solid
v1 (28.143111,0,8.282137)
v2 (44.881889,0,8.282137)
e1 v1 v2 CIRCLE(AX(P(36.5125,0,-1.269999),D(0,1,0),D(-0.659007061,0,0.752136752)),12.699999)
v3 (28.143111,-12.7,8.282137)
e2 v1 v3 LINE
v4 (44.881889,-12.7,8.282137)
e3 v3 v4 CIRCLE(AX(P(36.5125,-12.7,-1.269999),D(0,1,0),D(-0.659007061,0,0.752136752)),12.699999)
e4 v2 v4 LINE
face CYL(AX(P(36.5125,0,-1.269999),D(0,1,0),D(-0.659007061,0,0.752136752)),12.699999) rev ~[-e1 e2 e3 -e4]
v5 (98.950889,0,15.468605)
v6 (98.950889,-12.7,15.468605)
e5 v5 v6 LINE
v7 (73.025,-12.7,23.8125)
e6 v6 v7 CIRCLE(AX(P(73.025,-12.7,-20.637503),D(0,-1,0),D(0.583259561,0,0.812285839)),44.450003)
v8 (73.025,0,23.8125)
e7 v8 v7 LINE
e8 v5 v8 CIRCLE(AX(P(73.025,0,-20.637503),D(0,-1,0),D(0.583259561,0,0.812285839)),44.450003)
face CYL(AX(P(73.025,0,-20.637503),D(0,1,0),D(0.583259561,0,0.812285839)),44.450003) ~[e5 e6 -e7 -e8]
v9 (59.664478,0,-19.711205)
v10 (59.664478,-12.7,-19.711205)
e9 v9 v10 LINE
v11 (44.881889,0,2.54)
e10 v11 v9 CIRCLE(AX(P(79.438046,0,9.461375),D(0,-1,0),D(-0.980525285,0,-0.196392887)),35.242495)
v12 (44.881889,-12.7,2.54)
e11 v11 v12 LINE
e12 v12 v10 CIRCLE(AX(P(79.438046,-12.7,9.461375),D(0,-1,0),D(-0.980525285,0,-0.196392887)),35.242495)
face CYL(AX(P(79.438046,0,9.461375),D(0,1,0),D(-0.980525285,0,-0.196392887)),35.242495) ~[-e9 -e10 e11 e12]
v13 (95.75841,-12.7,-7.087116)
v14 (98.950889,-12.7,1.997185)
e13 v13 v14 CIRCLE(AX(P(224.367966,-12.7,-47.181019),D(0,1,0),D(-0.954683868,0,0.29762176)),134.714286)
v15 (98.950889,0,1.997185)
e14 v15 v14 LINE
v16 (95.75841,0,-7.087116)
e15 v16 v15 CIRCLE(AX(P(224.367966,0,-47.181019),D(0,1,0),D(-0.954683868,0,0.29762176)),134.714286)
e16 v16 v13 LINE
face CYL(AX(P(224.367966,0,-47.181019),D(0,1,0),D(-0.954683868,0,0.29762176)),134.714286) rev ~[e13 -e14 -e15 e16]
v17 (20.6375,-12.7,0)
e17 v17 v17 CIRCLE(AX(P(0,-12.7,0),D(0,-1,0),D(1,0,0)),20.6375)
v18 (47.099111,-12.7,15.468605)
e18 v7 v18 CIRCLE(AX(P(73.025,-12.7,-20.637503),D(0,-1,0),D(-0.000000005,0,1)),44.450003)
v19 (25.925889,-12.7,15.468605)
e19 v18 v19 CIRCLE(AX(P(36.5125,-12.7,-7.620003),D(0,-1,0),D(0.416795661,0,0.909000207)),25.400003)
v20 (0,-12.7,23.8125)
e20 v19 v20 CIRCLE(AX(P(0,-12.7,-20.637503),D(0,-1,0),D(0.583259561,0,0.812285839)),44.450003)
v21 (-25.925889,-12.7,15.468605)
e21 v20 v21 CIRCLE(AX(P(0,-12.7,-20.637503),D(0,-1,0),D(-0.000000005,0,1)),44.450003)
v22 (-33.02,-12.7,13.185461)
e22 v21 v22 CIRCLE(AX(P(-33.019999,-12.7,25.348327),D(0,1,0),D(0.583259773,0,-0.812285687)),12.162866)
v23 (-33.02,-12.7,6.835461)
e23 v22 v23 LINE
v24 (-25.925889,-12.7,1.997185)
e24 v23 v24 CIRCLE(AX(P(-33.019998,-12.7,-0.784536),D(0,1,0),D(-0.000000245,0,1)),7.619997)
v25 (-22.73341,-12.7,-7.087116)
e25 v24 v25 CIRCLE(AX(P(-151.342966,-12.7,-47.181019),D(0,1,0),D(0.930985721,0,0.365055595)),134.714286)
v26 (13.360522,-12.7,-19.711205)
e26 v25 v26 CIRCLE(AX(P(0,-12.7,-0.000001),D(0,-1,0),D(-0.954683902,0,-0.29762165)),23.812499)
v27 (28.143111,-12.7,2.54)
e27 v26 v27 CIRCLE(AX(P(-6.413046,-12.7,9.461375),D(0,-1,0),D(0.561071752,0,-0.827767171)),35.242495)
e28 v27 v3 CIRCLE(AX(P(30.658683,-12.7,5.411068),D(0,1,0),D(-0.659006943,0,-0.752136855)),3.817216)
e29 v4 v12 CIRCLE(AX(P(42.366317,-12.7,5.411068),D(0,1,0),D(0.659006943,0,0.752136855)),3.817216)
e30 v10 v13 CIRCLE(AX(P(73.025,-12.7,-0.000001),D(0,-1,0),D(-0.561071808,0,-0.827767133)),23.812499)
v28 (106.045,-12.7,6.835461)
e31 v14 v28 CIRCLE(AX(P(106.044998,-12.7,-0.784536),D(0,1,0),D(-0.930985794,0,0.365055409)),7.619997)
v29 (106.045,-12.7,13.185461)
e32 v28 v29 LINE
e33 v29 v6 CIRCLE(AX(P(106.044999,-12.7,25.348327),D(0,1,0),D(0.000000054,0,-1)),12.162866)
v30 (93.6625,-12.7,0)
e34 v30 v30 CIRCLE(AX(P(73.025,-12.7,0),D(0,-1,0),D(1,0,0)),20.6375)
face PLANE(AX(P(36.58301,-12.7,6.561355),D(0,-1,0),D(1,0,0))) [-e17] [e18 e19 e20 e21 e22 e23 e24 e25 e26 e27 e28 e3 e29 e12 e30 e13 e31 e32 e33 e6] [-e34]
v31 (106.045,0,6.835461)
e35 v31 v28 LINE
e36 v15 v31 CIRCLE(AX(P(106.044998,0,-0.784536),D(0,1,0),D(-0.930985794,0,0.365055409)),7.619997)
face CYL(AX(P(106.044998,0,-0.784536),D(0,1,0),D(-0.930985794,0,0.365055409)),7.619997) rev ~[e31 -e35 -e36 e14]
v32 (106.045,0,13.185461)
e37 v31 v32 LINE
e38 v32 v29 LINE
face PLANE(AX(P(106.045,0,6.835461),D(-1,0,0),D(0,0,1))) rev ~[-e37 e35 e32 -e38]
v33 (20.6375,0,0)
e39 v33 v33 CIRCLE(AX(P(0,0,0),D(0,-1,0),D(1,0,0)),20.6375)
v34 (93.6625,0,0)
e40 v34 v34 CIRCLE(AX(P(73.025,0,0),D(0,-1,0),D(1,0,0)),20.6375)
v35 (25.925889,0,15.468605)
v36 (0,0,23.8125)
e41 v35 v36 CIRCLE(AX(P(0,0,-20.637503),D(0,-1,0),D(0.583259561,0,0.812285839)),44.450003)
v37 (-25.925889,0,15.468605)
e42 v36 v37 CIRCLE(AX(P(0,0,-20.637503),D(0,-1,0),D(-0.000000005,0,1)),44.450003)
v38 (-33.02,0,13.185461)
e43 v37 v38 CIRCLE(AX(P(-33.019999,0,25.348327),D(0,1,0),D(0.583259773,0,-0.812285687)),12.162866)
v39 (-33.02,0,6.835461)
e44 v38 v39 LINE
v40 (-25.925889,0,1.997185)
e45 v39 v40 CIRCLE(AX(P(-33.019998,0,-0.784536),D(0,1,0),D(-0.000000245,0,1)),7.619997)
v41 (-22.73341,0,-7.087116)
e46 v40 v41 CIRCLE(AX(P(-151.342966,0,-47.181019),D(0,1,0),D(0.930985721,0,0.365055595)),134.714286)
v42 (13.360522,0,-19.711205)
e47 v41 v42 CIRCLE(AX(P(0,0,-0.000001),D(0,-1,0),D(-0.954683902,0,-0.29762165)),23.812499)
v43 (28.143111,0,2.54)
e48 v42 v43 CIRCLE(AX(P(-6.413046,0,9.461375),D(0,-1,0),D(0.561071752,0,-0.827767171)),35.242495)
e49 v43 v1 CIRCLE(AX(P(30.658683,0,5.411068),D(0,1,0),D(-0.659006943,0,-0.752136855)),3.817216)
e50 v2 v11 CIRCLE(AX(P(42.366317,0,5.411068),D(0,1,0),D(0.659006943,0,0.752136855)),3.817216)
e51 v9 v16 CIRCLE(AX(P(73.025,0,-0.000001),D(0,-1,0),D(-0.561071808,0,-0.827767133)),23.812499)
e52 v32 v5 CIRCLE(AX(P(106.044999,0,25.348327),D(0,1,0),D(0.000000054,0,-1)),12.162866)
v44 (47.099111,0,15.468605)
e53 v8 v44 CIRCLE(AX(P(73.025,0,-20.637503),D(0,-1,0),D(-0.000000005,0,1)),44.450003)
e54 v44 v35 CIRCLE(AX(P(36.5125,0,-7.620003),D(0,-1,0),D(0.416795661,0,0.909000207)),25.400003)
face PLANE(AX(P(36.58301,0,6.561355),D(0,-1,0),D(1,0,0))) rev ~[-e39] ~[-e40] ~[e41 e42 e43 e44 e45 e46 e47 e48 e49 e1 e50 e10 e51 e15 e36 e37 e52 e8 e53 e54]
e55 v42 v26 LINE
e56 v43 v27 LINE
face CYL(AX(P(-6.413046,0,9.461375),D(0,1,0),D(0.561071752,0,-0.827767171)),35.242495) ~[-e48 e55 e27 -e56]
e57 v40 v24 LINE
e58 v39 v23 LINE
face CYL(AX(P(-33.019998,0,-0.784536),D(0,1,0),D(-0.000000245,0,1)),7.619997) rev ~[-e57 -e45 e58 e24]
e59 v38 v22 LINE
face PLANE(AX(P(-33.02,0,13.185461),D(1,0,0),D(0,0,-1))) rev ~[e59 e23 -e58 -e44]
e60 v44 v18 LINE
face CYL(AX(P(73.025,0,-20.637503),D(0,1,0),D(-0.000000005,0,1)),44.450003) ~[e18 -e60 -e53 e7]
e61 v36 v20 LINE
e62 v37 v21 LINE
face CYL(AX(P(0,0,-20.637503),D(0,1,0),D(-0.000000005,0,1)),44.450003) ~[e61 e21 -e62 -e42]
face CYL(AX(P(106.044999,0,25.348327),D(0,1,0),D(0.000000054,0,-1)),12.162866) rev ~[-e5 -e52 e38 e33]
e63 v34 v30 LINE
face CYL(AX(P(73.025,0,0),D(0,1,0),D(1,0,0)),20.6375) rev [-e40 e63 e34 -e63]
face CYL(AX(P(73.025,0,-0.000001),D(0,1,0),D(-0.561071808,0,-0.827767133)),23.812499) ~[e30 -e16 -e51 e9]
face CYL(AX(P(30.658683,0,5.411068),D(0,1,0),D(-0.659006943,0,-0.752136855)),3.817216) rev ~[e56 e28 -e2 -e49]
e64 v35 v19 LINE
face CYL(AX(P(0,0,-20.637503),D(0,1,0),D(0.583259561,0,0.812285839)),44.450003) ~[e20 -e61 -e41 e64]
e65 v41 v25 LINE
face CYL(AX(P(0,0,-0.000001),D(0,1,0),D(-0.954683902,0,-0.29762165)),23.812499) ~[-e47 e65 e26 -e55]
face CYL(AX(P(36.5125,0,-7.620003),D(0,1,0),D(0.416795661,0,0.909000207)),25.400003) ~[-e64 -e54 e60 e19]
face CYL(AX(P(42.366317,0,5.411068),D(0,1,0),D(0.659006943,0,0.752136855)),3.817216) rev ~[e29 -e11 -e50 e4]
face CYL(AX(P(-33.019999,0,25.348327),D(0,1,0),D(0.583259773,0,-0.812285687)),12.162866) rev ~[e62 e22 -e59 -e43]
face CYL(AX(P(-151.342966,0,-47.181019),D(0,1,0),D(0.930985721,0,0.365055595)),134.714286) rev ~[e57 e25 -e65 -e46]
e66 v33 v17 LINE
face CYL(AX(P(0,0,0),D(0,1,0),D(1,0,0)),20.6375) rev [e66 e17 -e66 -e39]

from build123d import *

# Parameters (mm, degrees)
F0_R     = 20.6375
F1_DEPTH = 12.7


with BuildPart() as f1:
    # F0 (on Front) → F1 (new body)
    with BuildSketch(Plane.XZ):
        with BuildLine():
            ThreePointArc((0, 23.8125), (16.83798, 16.83798), (23.8125, 0))
            ThreePointArc((23.8125, 0), (21.037854, -11.155441), (13.360522, -19.711205))
            ThreePointArc((13.360522, -19.711205), (22.941831, -10.040538), (28.143111, 2.54))
            ThreePointArc((28.143111, 2.54), (26.841467, 5.411069), (28.143111, 8.282137))
            ThreePointArc((28.143111, 8.282137), (36.5125, 11.43), (44.881889, 8.282137))
            ThreePointArc((44.881889, 8.282137), (46.183533, 5.411069), (44.881889, 2.54))
            ThreePointArc((44.881889, 2.54), (50.083169, -10.040538), (59.664478, -19.711205))
            ThreePointArc((59.664478, -19.711205), (50.260903, 6.987921), (73.025, 23.8125))
            ThreePointArc((73.025, 23.8125), (59.407251, 21.675139), (47.099111, 15.468605))
            ThreePointArc((47.099111, 15.468605), (36.5125, 17.78), (25.925889, 15.468605))
            ThreePointArc((25.925889, 15.468605), (13.617749, 21.675139), (0, 23.8125))
        make_face()
        with BuildLine():
            ThreePointArc((13.360522, -19.711205), (21.037854, -11.155441), (23.8125, 0))
            ThreePointArc((23.8125, 0), (16.83798, 16.83798), (0, 23.8125))
            ThreePointArc((0, 23.8125), (-19.180682, 14.111577), (-22.73341, -7.087116))
            ThreePointArc((-22.73341, -7.087116), (-7.861594, -22.477333), (13.360522, -19.711205))
        make_face()
        Circle(F0_R, mode=Mode.SUBTRACT)
        with BuildLine():
            ThreePointArc((-22.73341, -7.087116), (-19.180682, 14.111577), (0, 23.8125))
            ThreePointArc((0, 23.8125), (-13.617749, 21.675139), (-25.925889, 15.468605))
            ThreePointArc((-25.925889, 15.468605), (-29.29377, 13.770308), (-33.02, 13.185461))
            Line((-33.02, 13.185461), (-33.02, 6.835461))
            ThreePointArc((-33.02, 6.835461), (-28.726536, 5.510743), (-25.925889, 1.997185))
            ThreePointArc((-25.925889, 1.997185), (-24.248459, -2.516433), (-22.73341, -7.087116))
        make_face()
        with BuildLine():
            ThreePointArc((96.8375, 0), (89.86298, 16.83798), (73.025, 23.8125))
            ThreePointArc((73.025, 23.8125), (50.260903, 6.987921), (59.664478, -19.711205))
            ThreePointArc((59.664478, -19.711205), (80.886594, -22.477333), (95.75841, -7.087116))
            ThreePointArc((95.75841, -7.087116), (96.566182, -3.584399), (96.8375, 0))
        make_face()
        with Locations((73.025, 0)):
            Circle(F0_R, mode=Mode.SUBTRACT)
        with BuildLine():
            ThreePointArc((98.950889, 15.468605), (86.642749, 21.675139), (73.025, 23.8125))
            ThreePointArc((73.025, 23.8125), (89.86298, 16.83798), (96.8375, 0))
            ThreePointArc((96.8375, 0), (96.566182, -3.584399), (95.75841, -7.087116))
            ThreePointArc((95.75841, -7.087116), (97.273459, -2.516433), (98.950889, 1.997185))
            ThreePointArc((98.950889, 1.997185), (101.751536, 5.510743), (106.045, 6.835461))
            Line((106.045, 6.835461), (106.045, 13.185461))
            ThreePointArc((106.045, 13.185461), (102.31877, 13.770308), (98.950889, 15.468605))
        make_face()
    extrude(amount=F1_DEPTH)


solid = f1.part
